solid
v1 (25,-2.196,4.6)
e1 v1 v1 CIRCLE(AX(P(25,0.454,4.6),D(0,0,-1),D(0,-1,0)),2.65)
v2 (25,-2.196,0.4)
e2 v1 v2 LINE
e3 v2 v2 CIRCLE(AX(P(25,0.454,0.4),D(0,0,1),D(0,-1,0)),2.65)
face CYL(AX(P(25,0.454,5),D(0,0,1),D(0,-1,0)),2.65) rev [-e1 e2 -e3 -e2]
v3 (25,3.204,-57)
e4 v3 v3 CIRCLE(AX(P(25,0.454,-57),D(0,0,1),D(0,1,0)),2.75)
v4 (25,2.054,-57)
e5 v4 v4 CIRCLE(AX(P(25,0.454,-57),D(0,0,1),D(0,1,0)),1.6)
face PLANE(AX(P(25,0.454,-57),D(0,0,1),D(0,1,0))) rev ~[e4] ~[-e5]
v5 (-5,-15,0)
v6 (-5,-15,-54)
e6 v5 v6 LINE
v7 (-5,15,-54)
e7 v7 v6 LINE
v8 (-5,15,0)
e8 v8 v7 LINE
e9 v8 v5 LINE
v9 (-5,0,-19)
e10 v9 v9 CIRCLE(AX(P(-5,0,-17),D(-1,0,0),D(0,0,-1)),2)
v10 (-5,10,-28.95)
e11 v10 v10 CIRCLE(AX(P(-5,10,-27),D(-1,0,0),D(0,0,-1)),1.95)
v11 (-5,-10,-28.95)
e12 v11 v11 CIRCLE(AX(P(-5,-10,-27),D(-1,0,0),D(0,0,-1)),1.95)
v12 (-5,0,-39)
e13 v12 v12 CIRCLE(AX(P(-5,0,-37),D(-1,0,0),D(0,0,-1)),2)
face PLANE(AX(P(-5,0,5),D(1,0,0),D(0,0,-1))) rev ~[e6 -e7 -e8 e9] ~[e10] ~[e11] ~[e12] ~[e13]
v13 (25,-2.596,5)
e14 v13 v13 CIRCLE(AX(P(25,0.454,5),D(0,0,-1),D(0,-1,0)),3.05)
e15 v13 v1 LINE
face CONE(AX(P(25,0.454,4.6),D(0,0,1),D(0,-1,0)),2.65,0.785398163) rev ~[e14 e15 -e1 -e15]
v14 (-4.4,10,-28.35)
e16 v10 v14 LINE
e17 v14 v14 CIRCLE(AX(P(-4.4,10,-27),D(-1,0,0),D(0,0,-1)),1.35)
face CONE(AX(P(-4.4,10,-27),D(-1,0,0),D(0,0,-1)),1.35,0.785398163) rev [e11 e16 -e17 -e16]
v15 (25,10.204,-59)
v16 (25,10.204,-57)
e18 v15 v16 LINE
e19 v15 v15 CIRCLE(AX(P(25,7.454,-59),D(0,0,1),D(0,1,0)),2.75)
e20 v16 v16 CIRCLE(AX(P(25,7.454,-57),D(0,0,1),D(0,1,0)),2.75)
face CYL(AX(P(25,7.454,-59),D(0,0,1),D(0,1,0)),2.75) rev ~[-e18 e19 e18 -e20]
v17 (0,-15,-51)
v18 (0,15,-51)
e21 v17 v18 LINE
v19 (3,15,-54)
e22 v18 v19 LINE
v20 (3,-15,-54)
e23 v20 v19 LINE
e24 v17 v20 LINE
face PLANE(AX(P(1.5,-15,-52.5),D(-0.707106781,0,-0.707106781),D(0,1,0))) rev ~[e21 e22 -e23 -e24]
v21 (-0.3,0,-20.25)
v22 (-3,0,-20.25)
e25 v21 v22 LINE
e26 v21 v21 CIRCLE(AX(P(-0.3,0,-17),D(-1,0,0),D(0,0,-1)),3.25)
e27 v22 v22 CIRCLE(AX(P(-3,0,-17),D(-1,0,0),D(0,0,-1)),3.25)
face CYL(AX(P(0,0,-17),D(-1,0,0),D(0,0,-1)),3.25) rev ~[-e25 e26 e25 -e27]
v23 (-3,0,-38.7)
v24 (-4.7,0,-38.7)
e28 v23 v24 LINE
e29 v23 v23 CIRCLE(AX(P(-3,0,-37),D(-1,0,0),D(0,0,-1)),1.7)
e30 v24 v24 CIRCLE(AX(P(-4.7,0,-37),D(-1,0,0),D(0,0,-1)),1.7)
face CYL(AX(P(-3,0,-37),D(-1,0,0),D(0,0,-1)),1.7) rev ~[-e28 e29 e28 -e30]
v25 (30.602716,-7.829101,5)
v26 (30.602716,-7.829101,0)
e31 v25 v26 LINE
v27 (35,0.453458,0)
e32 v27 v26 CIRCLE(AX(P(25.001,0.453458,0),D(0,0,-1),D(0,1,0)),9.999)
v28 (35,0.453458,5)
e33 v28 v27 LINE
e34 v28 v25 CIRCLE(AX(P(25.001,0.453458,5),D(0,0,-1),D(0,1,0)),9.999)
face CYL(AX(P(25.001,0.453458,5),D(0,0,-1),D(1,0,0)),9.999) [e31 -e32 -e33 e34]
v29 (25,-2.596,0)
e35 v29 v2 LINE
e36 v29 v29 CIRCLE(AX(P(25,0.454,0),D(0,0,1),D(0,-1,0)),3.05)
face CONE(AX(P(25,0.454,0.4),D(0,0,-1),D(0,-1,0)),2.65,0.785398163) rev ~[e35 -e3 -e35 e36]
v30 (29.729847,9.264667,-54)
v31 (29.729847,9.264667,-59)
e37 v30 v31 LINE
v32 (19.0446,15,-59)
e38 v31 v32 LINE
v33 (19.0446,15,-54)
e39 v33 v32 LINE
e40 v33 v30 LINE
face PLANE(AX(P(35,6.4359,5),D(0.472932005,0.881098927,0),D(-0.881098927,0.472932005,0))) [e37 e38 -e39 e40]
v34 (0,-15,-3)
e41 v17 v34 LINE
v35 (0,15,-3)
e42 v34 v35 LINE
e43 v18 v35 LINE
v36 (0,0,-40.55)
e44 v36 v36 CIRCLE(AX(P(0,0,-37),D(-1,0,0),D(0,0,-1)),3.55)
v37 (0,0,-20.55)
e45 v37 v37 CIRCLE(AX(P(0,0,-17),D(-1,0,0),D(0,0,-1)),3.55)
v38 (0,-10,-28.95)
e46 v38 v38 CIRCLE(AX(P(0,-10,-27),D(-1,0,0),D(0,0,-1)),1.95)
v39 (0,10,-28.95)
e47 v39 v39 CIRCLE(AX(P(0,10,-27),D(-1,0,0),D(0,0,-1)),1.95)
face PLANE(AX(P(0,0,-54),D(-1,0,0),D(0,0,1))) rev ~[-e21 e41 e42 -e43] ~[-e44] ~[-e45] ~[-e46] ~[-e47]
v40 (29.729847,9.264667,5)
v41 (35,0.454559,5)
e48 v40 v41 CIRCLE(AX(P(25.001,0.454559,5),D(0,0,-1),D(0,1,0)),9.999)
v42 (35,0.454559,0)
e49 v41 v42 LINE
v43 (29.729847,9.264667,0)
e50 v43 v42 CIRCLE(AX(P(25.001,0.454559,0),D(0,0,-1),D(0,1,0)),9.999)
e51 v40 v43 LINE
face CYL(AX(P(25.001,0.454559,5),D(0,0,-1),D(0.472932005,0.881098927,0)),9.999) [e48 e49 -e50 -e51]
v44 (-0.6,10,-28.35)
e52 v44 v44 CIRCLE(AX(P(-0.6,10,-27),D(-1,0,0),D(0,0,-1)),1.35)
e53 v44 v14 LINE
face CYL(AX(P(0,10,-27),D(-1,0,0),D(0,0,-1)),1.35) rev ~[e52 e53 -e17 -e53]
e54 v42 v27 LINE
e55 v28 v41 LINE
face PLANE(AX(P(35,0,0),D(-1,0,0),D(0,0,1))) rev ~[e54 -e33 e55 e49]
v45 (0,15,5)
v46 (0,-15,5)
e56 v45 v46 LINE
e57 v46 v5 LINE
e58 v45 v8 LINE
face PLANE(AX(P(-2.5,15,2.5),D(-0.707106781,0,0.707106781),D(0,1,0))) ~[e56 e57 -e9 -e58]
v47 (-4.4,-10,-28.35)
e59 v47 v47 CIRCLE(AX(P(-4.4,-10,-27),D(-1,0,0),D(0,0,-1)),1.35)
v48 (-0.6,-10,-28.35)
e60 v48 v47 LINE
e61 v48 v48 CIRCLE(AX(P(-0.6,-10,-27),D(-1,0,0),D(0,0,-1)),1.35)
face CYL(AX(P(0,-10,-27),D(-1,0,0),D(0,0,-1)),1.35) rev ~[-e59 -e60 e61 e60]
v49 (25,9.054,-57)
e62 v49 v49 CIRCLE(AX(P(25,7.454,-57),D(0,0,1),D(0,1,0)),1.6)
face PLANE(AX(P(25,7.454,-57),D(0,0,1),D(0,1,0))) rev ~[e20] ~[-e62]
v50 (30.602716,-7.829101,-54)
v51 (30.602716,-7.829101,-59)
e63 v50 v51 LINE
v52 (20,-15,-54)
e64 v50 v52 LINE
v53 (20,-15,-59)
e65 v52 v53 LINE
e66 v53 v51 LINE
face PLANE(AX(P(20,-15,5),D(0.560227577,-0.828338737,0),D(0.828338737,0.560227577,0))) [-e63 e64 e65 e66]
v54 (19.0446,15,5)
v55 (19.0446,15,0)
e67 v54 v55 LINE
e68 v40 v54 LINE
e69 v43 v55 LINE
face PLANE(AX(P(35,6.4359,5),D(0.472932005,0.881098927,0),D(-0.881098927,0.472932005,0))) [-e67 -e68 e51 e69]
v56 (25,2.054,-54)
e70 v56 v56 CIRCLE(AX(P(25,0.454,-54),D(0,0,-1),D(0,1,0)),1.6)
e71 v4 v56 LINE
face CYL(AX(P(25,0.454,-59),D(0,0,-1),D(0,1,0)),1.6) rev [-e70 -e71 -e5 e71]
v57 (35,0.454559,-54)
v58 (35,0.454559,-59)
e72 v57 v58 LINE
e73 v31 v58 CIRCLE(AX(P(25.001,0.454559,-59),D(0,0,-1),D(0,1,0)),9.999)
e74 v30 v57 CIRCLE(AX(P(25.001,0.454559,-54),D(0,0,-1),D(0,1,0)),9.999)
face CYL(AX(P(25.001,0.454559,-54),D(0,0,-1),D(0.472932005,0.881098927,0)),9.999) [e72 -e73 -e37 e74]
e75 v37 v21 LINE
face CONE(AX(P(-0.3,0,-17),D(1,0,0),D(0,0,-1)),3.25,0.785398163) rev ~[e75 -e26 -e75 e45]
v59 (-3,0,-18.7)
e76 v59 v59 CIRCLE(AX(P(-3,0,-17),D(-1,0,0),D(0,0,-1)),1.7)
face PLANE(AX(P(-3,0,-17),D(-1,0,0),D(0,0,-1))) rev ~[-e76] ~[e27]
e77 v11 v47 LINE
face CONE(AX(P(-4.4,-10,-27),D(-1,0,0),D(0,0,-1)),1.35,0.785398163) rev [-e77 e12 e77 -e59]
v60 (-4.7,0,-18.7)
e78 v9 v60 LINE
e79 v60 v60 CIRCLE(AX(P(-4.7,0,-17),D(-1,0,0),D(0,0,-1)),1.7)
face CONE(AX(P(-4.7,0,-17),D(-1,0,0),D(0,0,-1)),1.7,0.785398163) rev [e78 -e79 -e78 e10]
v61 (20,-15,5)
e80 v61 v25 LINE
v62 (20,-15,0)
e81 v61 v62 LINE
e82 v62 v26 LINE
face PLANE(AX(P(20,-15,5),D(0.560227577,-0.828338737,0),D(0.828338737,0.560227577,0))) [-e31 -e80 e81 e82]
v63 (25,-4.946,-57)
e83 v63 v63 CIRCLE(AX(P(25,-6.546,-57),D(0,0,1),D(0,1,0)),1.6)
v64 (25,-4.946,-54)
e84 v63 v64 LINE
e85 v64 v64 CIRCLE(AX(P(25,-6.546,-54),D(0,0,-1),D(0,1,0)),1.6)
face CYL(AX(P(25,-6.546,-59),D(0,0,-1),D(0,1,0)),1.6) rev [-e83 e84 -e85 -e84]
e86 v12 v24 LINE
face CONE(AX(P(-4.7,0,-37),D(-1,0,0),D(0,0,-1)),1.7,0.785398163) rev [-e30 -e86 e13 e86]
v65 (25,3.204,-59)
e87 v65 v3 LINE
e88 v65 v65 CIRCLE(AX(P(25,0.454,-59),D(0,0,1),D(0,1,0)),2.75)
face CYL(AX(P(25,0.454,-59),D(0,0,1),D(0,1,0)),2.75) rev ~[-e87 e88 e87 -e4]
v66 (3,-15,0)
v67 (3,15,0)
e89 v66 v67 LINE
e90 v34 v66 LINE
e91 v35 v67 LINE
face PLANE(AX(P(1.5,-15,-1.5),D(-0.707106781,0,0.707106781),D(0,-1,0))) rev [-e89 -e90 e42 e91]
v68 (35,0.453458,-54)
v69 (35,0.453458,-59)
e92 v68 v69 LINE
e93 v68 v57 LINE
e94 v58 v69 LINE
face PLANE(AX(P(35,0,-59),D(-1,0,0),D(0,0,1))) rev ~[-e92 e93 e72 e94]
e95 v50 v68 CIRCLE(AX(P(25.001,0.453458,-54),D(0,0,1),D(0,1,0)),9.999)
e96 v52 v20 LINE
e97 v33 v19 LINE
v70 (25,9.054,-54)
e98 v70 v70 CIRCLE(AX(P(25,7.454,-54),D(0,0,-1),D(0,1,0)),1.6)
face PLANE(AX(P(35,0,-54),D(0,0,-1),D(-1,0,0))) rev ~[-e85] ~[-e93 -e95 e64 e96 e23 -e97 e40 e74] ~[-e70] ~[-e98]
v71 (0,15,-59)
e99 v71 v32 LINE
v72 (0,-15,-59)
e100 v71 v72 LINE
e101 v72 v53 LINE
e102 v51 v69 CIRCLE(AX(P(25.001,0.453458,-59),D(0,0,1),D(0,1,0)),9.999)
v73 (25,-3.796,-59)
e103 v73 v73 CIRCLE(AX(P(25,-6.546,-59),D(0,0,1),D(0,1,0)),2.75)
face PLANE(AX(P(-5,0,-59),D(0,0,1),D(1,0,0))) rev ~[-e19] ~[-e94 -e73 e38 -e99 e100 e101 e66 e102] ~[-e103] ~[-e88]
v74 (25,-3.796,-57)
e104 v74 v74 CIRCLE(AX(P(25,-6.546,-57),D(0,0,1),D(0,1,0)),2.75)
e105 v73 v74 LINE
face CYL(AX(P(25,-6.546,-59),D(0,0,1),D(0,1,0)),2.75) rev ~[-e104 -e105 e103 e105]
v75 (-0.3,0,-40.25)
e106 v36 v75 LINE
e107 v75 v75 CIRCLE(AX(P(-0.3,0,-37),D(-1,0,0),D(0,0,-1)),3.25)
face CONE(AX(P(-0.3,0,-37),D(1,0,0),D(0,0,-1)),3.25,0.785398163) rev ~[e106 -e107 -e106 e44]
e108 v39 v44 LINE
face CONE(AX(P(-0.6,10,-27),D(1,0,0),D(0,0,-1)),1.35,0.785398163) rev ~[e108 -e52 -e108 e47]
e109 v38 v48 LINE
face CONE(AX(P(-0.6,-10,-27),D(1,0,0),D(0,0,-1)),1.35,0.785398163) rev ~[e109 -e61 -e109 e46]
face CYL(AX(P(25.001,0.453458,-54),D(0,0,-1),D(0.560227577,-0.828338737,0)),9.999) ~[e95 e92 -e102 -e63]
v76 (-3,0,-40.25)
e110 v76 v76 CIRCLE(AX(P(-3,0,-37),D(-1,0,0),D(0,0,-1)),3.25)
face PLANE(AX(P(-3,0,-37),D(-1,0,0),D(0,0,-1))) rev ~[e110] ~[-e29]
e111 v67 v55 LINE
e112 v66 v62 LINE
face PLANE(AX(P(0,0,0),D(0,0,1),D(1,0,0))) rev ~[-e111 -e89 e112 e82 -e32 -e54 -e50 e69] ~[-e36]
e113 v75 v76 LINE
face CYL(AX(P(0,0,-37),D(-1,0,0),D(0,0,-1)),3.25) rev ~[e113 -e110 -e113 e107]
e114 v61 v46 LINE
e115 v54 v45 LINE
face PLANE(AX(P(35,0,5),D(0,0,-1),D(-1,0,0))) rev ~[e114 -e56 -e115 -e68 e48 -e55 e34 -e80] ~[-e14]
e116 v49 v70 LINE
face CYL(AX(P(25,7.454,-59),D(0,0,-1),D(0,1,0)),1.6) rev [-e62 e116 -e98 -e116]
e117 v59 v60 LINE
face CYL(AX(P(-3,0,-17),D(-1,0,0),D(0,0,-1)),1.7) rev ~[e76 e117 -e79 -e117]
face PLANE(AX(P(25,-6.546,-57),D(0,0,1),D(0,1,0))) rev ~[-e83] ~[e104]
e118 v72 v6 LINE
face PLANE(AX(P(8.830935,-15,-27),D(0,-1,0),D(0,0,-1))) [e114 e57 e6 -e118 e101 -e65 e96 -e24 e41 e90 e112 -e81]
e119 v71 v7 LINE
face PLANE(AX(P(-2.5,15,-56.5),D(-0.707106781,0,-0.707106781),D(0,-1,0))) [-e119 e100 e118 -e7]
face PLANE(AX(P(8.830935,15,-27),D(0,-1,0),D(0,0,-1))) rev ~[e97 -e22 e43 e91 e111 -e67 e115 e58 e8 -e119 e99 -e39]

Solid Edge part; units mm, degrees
sketch "Sketch1" plane through (0, 0, 0) normal (0, -1, 0) x (1, 0, 0)
  line L0 (0, 0) -> (35, 0)
  line L1 (35, 0) -> (35, 5)
  line L2 (35, 5) -> (-5, 5)
  line L3 (-5, 5) -> (-5, -59)
  line L4 (-5, -59) -> (35, -59)
  line L5 (35, -59) -> (35, -54)
  line L6 (35, -54) -> (0, -54)
  line L7 (0, -54) -> (0, 0)
  dimension "D1" = 40
  dimension "D2" = 35
  dimension "D3" = 5
  dimension "D4" = 5
  dimension "D5" = 54
extrude "Protrusion1" add sketch "Sketch1" along normal mid plane 30
sketch "Sketch2" plane through (7.5, 0, 5) normal (0, 0, 1) x (0, 1, 0)
  line L0 (-15, -12.5) -> (-4.8551, -27.5)
  line L1 (-4.8551, -27.5) -> (6.4359, -27.5)
  line L2 (6.4359, -27.5) -> (15, -11.5446)
  line L3 (15, -11.5446) -> (15, -30)
  line L4 (15, -30) -> (-15, -30)
  line L5 (-15, -30) -> (-15, -12.5)
  dimension "D1" = 15
  dimension "D2" = 2.5
  dimension "D3" = 20
extrude "Cutout1" cut sketch "Sketch2" against normal through all
fillet "tip_round" radius 10 4 edges at (35, -4.8551, 2.5) (35, 6.4359, 2.5) (35, -4.8551, -56.5) (35, 6.4359, -56.5)
hole "bearing_hole" at (25, 0.454, 5) direction (0, 0, -1) diameter 5.3 end up to next start chamfer 0.4 start chamfer angle 45 end chamfer 0.4 end chamfer angle 45
hole "Hole_6" at (0, 0, -37) direction (-1, 0, 0) diameter 3.4 depth 30 tip angle 118 counterbore diameter 6.5 counterbore depth 3 start chamfer 0.3 start chamfer angle 45 end chamfer 0.3 end chamfer angle 45
hole "Hole1" at (0, 0, -17) direction (-1, 0, 0) diameter 3.4 depth 30 tip angle 118 counterbore diameter 6.5 counterbore depth 3 start chamfer 0.3 start chamfer angle 45 end chamfer 0.3 end chamfer angle 45
hole "Hole2" at (0, -10, -27) direction (-1, 0, 0) diameter 2.7 depth 30 tip angle 118 start chamfer 0.6 start chamfer angle 45 end chamfer 0.6 end chamfer angle 45
hole "Hole3" at (0, 10, -27) direction (-1, 0, 0) diameter 2.7 depth 30 tip angle 118 start chamfer 0.6 start chamfer angle 45 end chamfer 0.6 end chamfer angle 45
chamfer "core_chamfers" distance 3 angle 45 2 edges at (0, 0, 0) (0, 0, -54)
chamfer "outter_chamfers" distance 5 angle 45 2 edges at (-5, 0, 5) (-5, 0, -59)
hole "Hole4" at (25, 0.454, -59) direction (0, 0, 1) diameter 3.2 end up to next counterbore diameter 5.5 counterbore depth 2
hole "Hole5" at (25, -6.546, -59) direction (0, 0, 1) diameter 3.2 end up to next counterbore diameter 5.5 counterbore depth 2
hole "Hole6" at (25, 7.454, -59) direction (0, 0, 1) diameter 3.2 end up to next counterbore diameter 5.5 counterbore depth 2
properties material "Polypropylene, general purpose"
